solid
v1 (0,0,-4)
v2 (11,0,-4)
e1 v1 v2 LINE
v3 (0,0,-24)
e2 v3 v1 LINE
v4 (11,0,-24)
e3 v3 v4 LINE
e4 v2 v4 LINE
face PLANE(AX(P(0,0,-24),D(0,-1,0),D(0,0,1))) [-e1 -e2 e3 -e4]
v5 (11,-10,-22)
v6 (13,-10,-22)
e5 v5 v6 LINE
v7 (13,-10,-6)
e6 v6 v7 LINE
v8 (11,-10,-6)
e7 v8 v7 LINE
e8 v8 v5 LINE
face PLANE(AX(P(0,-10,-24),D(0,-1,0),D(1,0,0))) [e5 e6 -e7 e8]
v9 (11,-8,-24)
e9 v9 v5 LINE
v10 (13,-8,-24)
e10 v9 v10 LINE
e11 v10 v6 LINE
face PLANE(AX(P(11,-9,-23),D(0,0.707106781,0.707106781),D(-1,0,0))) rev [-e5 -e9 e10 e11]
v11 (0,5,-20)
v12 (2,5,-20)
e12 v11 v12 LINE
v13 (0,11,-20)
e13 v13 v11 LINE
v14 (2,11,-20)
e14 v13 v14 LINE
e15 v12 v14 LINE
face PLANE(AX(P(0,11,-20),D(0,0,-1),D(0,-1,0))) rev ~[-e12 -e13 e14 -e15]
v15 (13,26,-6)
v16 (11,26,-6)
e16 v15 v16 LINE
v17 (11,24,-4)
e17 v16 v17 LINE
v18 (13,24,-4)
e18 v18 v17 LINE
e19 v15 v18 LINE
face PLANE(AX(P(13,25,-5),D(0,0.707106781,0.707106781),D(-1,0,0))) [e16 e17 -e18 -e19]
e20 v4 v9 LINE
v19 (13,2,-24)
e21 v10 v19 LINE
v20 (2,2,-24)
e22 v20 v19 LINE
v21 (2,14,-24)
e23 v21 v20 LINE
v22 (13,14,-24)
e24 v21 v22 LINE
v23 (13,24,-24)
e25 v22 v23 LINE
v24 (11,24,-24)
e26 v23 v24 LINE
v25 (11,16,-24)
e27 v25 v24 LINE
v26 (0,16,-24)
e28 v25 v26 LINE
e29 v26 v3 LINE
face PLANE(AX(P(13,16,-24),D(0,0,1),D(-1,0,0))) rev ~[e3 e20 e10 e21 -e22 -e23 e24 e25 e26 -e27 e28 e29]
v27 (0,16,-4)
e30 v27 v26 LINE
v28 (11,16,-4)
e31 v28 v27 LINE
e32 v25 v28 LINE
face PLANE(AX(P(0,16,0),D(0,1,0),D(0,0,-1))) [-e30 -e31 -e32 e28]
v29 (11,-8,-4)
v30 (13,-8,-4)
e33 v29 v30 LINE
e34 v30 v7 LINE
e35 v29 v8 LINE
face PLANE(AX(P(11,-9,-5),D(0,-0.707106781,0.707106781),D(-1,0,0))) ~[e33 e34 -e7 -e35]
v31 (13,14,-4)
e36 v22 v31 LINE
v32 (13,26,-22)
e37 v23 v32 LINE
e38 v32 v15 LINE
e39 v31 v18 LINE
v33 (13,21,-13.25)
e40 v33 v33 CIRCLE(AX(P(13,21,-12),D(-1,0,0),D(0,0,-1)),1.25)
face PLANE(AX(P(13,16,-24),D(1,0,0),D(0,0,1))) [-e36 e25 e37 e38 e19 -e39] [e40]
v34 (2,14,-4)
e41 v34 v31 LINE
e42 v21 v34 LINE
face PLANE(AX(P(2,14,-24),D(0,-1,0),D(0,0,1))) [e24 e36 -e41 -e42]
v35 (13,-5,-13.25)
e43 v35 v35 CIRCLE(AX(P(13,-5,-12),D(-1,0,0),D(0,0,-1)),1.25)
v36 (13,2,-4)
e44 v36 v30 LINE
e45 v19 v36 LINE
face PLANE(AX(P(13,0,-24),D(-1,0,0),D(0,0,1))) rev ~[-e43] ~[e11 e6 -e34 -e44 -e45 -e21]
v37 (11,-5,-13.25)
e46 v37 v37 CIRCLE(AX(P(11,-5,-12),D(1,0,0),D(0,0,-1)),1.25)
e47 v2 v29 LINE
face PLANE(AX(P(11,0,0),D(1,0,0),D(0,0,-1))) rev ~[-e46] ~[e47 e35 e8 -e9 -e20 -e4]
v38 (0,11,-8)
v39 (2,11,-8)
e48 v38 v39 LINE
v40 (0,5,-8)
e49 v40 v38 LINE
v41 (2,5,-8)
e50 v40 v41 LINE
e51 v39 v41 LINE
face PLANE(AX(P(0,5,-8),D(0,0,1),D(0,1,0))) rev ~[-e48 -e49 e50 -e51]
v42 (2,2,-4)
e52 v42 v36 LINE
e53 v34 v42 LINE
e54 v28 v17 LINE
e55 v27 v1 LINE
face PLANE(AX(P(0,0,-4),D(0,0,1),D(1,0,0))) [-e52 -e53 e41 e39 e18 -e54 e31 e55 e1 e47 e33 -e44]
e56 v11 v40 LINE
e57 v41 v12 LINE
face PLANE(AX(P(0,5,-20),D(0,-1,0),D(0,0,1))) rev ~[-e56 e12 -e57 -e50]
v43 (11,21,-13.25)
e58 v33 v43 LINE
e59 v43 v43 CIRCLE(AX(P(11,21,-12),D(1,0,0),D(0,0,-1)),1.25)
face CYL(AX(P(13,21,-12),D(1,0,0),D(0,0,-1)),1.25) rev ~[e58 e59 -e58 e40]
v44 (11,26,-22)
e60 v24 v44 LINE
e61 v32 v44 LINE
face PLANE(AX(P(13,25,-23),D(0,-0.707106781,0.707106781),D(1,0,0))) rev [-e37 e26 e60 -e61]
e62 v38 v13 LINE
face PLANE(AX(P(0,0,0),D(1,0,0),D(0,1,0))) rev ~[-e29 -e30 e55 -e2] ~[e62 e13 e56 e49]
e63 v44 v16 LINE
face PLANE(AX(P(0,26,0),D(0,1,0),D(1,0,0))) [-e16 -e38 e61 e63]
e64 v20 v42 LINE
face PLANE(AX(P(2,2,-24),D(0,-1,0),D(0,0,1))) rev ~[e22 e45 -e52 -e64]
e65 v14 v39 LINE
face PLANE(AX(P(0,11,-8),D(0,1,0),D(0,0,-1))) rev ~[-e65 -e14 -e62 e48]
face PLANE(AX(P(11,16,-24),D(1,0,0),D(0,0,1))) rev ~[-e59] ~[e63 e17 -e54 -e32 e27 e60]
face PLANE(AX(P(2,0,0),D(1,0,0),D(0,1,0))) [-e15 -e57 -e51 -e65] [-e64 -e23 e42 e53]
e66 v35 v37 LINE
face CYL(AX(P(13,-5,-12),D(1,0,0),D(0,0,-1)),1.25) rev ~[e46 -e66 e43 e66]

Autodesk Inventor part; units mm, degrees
ref_plane "YZ Plane" through (0, 0, 0) normal (1, 0, 0) x (0, 1, 0)
ref_plane "XZ Plane" through (0, 0, 0) normal (0, 1, 0) x (-1, 0, 0)
ref_plane "XY Plane" through (0, 0, 0) normal (0, 0, 1) x (1, 0, 0)
sketch "Sketch1" plane through (0, 0, 0) normal (1, 0, 0) x (0, 1, 0)
  line L0 (0, 0) -> (16, 0)
  line L1 (16, 0) -> (16, -24)
  line L2 (16, -24) -> (0, -24)
  line L3 (0, -24) -> (0, 0)
  dimension "d0" = 16
  dimension "d1" = 24
extrude "Extrusion1" add sketch "Sketch1" along normal blind 2
sketch "Sketch2" plane through (2, 0, 0) normal (1, 0, 0) x (0, 0, -1)
  line L0 (24, 16) -> (0, 16) projected
  line L1 (0, 16) -> (24, 16)
  line L2 (24, 16) -> (24, 14)
  line L3 (24, 14) -> (0, 14)
  line L4 (0, 14) -> (0, 16)
  line L5 (0, 16) -> (0, 0) projected
  line L6 (0, 0) -> (24, 0)
  line L7 (24, 0) -> (24, 2)
  line L8 (24, 2) -> (0, 2)
  line L9 (0, 2) -> (0, 0)
  dimension "d4" = 24
  dimension "d5" = 2
  dimension "d6" = 24
  dimension "d7" = 2
extrude "Extrusion2" add sketch "Sketch2" along normal blind 11
sketch "Sketch3" plane through (0, 0, -24) normal (0, -1, 0) x (1, 0, 0)
  line L0 (13, 24) -> (11, 24)
  line L1 (11, 24) -> (11, 0)
  line L2 (11, 0) -> (13, 0)
  line L3 (13, 0) -> (13, 24)
  point P0 (0, 24)
  dimension "d10" = 2
  dimension "d11" = 24
extrude "Extrusion3" add sketch "Sketch3" along normal blind 10
sketch "Sketch4" plane through (0, 16, 0) normal (0, 1, 0) x (1, 0, 0)
  line L0 (13, 24) -> (13, 0) projected
  line L1 (13, 24) -> (11, 24)
  line L2 (11, 24) -> (11, 0)
  line L3 (11, 0) -> (13, 0)
  line L4 (13, 0) -> (13, 24)
  point P0 (0, 0)
  point P1 (13, 0)
  dimension "d14" = 2
  dimension "d15" = 24
extrude "Extrusion4" add sketch "Sketch4" along normal blind 10
sketch "Sketch5" plane through (13, 0, 0) normal (1, 0, 0) x (0, 0, -1)
  line L0 (0, 0) -> (0, -5)
  line L1 (0, 2) -> (0, -10) projected
  line L2 (0, -5) -> (12, -5)
  line L3 (24, 0) -> (24, -10) projected
  circle A0 centre (12, -5) radius 1.25
  line L4 (0, 14) -> (24, 14) projected
  line L5 (0, 14) -> (0, 21)
  line L6 (0, 14) -> (0, 26) projected
  line L7 (0, 21) -> (12, 21)
  circle A1 centre (12, 21) radius 1.25
  dimension "d18" = 5
  dimension "d19" = 12
  dimension "d20" = 2.5
  dimension "d21" = 7
  dimension "d22" = 12
  dimension "d23" = 2.5
extrude "Extrusion5" cut sketch "Sketch5" against normal blind 10
sketch "Sketch7" plane through (0, 0, 0) normal (-1, 0, 0) x (0, 0, 1)
  line L0 (-20, 5) -> (-8, 5)
  line L1 (-8, 5) -> (-8, 11)
  line L2 (-8, 11) -> (-20, 11)
  line L3 (-20, 11) -> (-20, 5)
  line L4 (-24, 0) -> (-24, 16) projected
  point P0 (0, 0)
  dimension "d26" = 6
  dimension "d27" = 12
  dimension "d28" = 5
  dimension "d29" = 4
extrude "Extrusion6" cut sketch "Sketch7" against normal blind 10
sketch "Sketch8" plane through (0, 0, 0) normal (0, 0, 1) x (1, 0, 0)
  line L0 (11, -10) -> (13, -10) projected
  line L1 (11, -10) -> (13, -10)
  line L2 (13, 2) -> (13, -10) projected
  line L3 (13, -10) -> (13, 2)
  line L4 (2, 2) -> (13, 2) projected
  line L5 (13, 2) -> (2, 2)
  line L6 (2, 14) -> (2, 2) projected
  line L7 (2, 2) -> (2, 14)
  line L8 (13, 14) -> (13, 26) projected
  line L9 (2, 14) -> (13, 14)
  line L10 (13, 14) -> (13, 26)
  line L11 (11, 16) -> (11, 26) projected
  line L12 (13, 26) -> (11, 26)
  line L13 (11, 26) -> (11, 16)
  line L14 (11, 16) -> (0, 16)
  line L15 (0, 0) -> (11, 0) projected
  line L16 (0, 16) -> (0, 0)
  line L17 (0, 0) -> (11, 0)
  line L18 (11, 0) -> (11, -10) projected
  line L19 (11, 0) -> (11, -10)
extrude "Extrusion7" cut sketch "Sketch8" against normal blind 4
chamfer "Chamfer1" distance 2 angle 45 2 edges at (12, -10, -24) (12, 26, -24)
chamfer "Chamfer2" distance 2 angle 45 2 edges at (12, -10, -4) (12, 26, -4)
properties part number "houder motor"
